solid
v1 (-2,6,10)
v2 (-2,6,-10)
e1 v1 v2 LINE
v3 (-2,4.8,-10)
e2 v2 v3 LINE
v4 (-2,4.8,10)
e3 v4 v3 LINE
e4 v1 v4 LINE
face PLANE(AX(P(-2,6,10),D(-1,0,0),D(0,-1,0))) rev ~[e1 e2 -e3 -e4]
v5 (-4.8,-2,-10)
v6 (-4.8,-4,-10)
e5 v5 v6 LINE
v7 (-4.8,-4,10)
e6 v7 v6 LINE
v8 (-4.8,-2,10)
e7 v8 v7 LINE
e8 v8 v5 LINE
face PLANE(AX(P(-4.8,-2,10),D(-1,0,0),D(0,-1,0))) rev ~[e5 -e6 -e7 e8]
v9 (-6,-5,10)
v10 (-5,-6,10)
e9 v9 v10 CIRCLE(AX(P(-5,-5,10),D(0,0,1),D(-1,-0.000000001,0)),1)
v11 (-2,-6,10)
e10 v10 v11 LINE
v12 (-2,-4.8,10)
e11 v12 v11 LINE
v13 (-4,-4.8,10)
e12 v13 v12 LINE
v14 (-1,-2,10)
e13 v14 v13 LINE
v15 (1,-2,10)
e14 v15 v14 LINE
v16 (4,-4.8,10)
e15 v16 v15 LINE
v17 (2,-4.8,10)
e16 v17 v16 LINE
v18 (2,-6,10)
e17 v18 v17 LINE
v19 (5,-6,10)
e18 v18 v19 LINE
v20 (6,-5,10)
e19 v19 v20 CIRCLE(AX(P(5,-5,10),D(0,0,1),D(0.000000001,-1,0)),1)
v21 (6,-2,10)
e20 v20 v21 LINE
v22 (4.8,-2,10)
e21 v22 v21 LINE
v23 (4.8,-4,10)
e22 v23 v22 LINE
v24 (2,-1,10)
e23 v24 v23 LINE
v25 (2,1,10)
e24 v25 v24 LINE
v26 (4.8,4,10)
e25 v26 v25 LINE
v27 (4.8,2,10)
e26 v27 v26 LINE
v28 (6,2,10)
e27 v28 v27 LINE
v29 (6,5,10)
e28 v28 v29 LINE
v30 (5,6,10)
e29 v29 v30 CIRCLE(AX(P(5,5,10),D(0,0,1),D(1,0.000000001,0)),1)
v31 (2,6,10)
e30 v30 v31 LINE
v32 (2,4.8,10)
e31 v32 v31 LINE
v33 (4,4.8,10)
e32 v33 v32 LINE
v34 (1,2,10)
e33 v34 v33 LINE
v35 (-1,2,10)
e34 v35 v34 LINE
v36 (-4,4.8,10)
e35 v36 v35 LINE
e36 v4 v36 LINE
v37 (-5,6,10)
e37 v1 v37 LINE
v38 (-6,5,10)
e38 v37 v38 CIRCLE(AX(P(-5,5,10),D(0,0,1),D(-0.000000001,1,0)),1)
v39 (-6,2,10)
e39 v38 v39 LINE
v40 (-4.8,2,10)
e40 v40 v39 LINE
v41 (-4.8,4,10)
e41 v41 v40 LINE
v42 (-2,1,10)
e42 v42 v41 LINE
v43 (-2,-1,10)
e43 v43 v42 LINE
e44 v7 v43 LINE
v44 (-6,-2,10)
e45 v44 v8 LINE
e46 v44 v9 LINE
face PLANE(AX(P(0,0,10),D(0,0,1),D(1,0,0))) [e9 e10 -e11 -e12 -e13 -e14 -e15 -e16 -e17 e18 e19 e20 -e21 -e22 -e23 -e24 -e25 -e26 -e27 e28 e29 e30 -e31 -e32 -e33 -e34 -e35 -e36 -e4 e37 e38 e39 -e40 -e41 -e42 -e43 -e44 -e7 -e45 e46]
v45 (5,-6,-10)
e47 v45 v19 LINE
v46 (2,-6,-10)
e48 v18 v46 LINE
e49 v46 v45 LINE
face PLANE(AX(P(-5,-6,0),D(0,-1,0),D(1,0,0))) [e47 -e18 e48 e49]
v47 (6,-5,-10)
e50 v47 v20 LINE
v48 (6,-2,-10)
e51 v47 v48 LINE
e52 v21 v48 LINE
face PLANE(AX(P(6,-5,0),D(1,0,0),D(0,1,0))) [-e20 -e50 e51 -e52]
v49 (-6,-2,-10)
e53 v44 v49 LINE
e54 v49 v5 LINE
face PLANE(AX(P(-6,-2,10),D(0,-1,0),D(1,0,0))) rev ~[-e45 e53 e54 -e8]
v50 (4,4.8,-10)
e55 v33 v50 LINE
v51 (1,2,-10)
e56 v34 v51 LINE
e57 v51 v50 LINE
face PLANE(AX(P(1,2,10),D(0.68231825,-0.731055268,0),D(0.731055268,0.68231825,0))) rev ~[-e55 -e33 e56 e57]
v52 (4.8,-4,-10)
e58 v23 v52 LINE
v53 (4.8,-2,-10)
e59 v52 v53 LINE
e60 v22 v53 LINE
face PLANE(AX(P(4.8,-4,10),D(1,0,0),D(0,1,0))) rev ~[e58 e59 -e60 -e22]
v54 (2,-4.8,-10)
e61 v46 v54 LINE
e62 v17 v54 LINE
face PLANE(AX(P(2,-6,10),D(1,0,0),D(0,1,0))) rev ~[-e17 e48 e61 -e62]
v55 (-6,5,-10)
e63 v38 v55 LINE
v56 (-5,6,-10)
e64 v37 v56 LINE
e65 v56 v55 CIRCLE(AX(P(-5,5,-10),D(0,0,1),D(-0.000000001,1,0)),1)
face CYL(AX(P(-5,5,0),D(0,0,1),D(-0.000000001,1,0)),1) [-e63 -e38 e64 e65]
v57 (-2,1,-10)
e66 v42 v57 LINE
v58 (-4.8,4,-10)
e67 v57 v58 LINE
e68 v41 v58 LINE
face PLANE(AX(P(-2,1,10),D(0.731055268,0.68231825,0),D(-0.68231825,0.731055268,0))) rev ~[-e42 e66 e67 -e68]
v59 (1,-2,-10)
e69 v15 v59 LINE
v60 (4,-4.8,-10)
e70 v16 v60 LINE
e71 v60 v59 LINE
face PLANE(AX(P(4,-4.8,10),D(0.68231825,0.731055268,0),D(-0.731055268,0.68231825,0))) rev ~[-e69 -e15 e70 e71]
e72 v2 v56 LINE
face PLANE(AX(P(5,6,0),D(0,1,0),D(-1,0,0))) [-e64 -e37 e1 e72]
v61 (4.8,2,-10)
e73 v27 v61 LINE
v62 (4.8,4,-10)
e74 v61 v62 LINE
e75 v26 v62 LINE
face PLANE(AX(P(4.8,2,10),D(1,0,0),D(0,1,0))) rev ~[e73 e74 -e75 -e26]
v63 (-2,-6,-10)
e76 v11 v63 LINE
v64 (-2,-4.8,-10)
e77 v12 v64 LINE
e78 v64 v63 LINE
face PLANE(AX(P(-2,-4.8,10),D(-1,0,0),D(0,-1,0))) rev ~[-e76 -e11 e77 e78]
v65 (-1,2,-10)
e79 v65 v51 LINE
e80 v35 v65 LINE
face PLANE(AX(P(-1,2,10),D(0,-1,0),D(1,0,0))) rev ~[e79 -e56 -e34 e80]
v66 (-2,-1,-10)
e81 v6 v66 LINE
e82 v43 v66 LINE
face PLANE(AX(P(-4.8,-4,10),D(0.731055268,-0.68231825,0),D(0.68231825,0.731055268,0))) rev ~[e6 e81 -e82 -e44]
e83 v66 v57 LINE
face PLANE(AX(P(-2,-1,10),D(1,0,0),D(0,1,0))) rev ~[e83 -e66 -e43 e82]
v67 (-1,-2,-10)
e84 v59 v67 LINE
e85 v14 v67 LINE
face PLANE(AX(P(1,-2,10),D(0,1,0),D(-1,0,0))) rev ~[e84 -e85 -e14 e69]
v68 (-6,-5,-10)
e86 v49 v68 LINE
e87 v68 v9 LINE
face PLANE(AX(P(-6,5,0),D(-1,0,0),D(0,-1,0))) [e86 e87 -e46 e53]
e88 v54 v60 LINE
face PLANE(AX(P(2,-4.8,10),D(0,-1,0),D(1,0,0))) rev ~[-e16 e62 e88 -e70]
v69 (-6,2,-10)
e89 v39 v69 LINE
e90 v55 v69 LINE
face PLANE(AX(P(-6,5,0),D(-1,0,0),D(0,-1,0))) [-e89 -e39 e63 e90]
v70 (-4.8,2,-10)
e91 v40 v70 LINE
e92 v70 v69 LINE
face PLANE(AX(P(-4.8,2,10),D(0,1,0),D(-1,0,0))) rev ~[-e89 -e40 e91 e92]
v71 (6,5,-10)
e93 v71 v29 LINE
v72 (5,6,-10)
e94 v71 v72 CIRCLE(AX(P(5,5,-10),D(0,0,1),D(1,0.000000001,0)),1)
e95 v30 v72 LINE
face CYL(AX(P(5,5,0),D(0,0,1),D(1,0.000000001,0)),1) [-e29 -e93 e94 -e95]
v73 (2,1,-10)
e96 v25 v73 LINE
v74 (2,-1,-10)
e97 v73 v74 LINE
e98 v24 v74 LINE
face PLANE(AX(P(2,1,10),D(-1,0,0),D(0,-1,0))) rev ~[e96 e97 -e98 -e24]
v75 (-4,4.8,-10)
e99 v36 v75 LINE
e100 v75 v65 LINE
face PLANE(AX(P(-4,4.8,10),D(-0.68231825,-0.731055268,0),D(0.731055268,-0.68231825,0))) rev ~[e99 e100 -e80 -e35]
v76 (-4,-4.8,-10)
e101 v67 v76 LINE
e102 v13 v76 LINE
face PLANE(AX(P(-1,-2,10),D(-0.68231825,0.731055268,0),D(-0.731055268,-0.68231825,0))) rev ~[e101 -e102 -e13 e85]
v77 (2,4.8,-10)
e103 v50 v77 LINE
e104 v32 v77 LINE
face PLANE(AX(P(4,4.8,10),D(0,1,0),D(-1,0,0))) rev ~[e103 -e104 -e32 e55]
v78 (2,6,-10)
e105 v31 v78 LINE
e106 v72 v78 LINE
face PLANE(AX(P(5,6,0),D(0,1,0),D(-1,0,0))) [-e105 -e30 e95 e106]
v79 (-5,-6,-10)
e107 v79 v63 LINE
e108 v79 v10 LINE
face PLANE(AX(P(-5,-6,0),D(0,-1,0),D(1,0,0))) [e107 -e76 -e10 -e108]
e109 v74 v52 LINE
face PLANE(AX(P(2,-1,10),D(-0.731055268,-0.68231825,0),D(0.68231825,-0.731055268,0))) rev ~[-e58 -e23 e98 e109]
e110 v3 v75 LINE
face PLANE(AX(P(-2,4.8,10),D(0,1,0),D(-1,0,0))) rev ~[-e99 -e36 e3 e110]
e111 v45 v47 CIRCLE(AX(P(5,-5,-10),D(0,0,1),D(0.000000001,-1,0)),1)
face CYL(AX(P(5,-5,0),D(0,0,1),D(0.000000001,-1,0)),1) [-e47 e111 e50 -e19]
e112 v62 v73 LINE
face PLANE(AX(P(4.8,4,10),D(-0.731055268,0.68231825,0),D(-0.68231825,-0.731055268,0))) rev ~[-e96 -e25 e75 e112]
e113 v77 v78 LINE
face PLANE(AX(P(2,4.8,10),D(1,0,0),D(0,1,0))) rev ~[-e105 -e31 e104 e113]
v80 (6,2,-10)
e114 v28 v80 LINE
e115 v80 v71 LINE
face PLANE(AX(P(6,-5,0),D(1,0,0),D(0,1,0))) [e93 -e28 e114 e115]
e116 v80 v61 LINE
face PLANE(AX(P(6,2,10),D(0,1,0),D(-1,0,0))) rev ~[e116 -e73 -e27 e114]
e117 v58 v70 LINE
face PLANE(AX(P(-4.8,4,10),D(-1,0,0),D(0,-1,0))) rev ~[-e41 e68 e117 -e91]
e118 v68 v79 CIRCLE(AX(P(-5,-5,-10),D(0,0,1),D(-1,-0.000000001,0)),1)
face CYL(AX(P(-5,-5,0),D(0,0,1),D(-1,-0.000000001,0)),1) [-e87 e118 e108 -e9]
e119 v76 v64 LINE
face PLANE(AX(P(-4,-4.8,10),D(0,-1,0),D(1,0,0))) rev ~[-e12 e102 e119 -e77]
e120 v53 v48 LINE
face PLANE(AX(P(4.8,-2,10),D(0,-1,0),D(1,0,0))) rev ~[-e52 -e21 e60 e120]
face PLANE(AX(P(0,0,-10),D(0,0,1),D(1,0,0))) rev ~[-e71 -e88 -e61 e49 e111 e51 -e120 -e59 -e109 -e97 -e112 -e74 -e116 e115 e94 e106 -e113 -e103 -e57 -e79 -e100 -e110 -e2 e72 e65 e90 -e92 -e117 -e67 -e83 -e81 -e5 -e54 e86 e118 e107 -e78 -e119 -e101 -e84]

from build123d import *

# Parameters (mm, degrees)
EXTRUSION1_DEPTH             = 10
ENL_V_MAT_EXTRU_1_DEPTH      = 300
R_P_TITION_CIRCULAIRE1_COUNT = 4


with BuildPart() as part:
    # Esquisse1 → Extrusion1 (new, symmetric)
    with BuildSketch(Plane.XY):
        with BuildLine():
            Line((-6, 5), (-6, -5))
            ThreePointArc((-6, -5), (-5.707106781, -5.707106781), (-5, -6))
            Line((-5, -6), (5, -6))
            ThreePointArc((5, -6), (5.707106781, -5.707106781), (6, -5))
            Line((6, -5), (6, 5))
            ThreePointArc((6, 5), (5.707106781, 5.707106781), (5, 6))
            Line((5, 6), (-5, 6))
            ThreePointArc((-5, 6), (-5.707106781, 5.707106781), (-6, 5))
        make_face()
    extrude(amount=EXTRUSION1_DEPTH, both=True)

    # Esquisse3 → Enlèv. mat.-Extru.1 (cut)
    with BuildSketch(Plane.XY.offset(10)):
        Polygon((6, 2), (4.8, 2), (4.8, 4), (2, 1), (2, -1), (4.8, -4), (4.8, -2), (6, -2), align=None)
    enl_v_mat_extru_1 = extrude(amount=-ENL_V_MAT_EXTRU_1_DEPTH, mode=Mode.SUBTRACT)

    # Répétition circulaire1: Enlèv. mat.-Extru.1 ×4 about axis
    r_p_tition_circulaire1_axis = Axis((0, 0, -1), (0, 0, 1))
    for i in range(1, R_P_TITION_CIRCULAIRE1_COUNT):
        add(enl_v_mat_extru_1.rotate(r_p_tition_circulaire1_axis, i * 360 / R_P_TITION_CIRCULAIRE1_COUNT), mode=Mode.SUBTRACT)


solid = part.part
